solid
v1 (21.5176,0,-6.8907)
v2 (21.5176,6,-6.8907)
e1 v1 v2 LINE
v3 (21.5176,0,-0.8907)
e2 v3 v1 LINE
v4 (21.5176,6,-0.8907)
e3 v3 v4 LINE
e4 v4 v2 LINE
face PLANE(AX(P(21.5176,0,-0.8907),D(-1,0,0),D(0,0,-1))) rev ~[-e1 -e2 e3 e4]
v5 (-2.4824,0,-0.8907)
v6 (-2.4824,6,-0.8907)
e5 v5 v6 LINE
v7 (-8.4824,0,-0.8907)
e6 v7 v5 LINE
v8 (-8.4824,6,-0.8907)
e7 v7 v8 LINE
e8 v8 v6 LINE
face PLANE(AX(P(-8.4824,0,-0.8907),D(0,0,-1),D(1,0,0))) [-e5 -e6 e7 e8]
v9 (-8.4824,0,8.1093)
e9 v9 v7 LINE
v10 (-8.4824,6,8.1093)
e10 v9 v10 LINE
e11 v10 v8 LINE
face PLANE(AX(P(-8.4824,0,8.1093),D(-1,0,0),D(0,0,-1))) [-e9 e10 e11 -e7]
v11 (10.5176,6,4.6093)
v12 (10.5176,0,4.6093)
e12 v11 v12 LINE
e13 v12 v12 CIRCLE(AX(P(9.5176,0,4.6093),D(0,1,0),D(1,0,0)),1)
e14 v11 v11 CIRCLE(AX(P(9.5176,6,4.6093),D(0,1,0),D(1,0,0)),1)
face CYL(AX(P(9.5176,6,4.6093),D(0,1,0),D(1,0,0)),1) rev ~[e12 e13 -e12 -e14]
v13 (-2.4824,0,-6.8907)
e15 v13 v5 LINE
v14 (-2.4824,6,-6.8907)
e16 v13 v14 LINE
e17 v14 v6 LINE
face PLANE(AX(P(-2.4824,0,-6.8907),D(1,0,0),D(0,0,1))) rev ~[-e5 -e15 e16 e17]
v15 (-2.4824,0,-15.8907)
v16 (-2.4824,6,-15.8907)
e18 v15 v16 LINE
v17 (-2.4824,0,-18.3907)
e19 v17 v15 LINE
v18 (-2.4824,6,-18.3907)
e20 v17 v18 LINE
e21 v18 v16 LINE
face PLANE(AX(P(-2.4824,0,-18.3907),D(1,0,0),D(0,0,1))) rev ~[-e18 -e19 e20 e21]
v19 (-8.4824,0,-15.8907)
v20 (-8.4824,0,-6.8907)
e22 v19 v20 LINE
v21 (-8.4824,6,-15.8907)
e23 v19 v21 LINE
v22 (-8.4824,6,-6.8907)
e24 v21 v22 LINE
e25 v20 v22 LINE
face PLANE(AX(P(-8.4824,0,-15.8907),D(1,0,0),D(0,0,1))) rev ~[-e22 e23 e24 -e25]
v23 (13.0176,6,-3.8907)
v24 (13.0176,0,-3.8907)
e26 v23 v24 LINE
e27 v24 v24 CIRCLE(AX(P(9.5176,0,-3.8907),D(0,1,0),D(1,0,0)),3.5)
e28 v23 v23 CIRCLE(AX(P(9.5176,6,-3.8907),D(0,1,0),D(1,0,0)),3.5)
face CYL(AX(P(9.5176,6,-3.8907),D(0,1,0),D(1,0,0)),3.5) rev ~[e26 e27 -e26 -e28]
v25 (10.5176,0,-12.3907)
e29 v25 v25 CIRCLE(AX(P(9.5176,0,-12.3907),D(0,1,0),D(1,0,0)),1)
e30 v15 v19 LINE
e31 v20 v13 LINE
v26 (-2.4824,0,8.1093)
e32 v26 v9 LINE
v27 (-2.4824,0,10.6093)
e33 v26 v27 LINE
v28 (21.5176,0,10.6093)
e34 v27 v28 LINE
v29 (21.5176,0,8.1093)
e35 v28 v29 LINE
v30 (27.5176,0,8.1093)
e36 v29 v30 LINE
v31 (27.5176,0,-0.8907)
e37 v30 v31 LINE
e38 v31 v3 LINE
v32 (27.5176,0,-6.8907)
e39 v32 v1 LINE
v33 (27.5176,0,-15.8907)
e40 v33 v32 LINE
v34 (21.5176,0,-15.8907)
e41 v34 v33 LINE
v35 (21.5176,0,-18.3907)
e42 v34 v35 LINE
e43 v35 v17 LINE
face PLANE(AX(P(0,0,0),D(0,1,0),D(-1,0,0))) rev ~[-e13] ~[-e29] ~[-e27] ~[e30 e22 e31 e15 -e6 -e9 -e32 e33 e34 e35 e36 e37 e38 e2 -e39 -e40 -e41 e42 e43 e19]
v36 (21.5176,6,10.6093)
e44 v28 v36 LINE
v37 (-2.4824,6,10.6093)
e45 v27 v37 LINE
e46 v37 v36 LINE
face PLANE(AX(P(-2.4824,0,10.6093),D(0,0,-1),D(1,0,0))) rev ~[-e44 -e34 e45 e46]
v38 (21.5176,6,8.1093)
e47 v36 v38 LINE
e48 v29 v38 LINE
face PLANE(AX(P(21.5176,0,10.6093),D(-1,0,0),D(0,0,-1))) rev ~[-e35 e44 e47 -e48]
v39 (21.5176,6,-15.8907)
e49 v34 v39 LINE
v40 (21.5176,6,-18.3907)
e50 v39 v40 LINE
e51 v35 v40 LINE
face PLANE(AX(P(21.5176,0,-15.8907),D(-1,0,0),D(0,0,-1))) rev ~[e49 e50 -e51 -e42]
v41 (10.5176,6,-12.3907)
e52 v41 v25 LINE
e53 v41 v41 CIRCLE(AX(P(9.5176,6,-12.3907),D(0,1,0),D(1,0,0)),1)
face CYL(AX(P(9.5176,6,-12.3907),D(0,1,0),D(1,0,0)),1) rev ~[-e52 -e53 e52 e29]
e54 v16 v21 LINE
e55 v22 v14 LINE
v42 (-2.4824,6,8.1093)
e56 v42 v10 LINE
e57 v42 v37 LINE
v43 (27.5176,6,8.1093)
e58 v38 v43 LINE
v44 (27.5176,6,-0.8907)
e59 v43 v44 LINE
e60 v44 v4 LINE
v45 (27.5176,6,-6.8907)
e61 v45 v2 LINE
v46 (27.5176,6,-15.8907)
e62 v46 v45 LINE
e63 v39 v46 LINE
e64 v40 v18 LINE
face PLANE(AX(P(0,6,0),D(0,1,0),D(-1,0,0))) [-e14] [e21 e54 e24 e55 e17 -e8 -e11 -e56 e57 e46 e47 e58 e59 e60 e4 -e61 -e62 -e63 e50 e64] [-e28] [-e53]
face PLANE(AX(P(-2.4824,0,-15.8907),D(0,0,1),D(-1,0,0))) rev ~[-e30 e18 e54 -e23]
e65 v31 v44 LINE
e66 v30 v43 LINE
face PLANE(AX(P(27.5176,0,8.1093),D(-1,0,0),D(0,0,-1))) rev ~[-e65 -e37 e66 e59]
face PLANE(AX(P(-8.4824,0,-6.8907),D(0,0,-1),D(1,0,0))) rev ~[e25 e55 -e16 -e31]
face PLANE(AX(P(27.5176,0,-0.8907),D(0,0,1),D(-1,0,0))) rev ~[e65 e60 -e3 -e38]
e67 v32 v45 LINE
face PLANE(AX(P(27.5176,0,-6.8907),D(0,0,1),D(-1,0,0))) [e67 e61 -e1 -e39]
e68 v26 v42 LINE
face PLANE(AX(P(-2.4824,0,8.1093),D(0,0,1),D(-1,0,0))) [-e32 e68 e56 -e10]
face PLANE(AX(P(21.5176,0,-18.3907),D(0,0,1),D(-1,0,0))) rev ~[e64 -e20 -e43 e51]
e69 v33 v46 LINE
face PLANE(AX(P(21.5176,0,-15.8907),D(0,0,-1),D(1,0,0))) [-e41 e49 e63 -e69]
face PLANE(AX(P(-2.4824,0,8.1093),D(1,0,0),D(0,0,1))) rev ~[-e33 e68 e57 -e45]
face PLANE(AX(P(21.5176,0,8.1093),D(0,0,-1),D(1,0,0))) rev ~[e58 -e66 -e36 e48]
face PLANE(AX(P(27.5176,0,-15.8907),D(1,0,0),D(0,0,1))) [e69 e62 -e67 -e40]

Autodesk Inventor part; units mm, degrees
ref_plane "YZ Plane" through (0, 0, 0) normal (1, 0, 0) x (0, 1, 0)
ref_plane "XZ Plane" through (0, 0, 0) normal (0, 1, 0) x (-1, 0, 0)
ref_plane "XY Plane" through (0, 0, 0) normal (0, 0, 1) x (1, 0, 0)
sketch "Sketch1" plane through (0, 0, 0) normal (0, 1, 0) x (-1, 0, 0)
  line L0 (2.4824, 10.6093) -> (-21.5176, 10.6093)
  line L1 (-21.5176, 10.6093) -> (-21.5176, -18.3907)
  line L2 (-21.5176, -18.3907) -> (2.4824, -18.3907)
  line L3 (2.4824, -15.8907) -> (8.4824, -15.8907)
  line L4 (8.4824, -15.8907) -> (8.4824, -6.8907)
  line L5 (8.4824, -6.8907) -> (2.4824, -6.8907)
  line L6 (2.4824, -6.8907) -> (2.4824, -15.8907)
  line L7 (2.4824, -3.8907) -> (-9.5176, -3.8907) construction
  line L8 (-9.5176, -18.3907) -> (-9.5176, 10.6093) construction
  line L9 (2.4824, 8.1093) -> (8.4824, 8.1093)
  line L10 (8.4824, 8.1093) -> (8.4824, -0.8907)
  line L11 (8.4824, -0.8907) -> (2.4824, -0.8907)
  line L12 (2.4824, -0.8907) -> (2.4824, 8.1093)
  line L13 (-21.5176, -15.8907) -> (-27.5176, -15.8907)
  line L14 (-27.5176, -15.8907) -> (-27.5176, -6.8907)
  line L15 (-27.5176, -6.8907) -> (-21.5176, -6.8907)
  line L16 (-21.5176, -6.8907) -> (-21.5176, -15.8907)
  line L17 (-21.5176, 8.1093) -> (-27.5176, 8.1093)
  line L18 (-27.5176, 8.1093) -> (-27.5176, -0.8907)
  line L19 (-27.5176, -0.8907) -> (-21.5176, -0.8907)
  line L20 (-21.5176, -0.8907) -> (-21.5176, 8.1093)
  line L21 (2.4824, -15.8907) -> (2.4824, 8.1093)
  line L22 (-9.5176, -3.8907) -> (-21.5176, -3.8907) construction
  line L23 (2.4824, -18.3907) -> (2.4824, 10.6093)
  dimension "d49" = 24
  dimension "d50" = 29
  dimension "d54" = 9
  dimension "d60" = 6
  dimension "d76" = 6
extrude "Extrusion1" add sketch "Sketch1" along normal blind 6
sketch "Sketch3" plane through (0, 6, 0) normal (0, 1, 0) x (1, 0, 0)
  line L0 (21.5176, 18.3907) -> (-2.4824, 18.3907) construction
  line L1 (9.5176, 18.3907) -> (9.5176, -10.6093) construction
  line L2 (-2.4824, -10.6093) -> (21.5176, -10.6093) construction
  line L3 (-2.4824, 0.8907) -> (-2.4824, 6.8907) construction
  line L4 (-2.4824, 3.8907) -> (21.5176, 3.8907) construction
  line L5 (21.5176, 0.8907) -> (21.5176, 6.8907) construction
  circle A0 centre (9.5176, 12.3907) radius 1
  circle A1 centre (9.5176, -4.6093) radius 1
  circle A2 centre (9.5176, 3.8907) radius 3.5
  point P0 (0, 0)
  dimension "d91" = 2
  dimension "d92" = 8.5
  dimension "d96" = 7
extrude "Extrusion3" cut sketch "Sketch3" against normal through all
properties part number "thumper-bumper-top-v3"
